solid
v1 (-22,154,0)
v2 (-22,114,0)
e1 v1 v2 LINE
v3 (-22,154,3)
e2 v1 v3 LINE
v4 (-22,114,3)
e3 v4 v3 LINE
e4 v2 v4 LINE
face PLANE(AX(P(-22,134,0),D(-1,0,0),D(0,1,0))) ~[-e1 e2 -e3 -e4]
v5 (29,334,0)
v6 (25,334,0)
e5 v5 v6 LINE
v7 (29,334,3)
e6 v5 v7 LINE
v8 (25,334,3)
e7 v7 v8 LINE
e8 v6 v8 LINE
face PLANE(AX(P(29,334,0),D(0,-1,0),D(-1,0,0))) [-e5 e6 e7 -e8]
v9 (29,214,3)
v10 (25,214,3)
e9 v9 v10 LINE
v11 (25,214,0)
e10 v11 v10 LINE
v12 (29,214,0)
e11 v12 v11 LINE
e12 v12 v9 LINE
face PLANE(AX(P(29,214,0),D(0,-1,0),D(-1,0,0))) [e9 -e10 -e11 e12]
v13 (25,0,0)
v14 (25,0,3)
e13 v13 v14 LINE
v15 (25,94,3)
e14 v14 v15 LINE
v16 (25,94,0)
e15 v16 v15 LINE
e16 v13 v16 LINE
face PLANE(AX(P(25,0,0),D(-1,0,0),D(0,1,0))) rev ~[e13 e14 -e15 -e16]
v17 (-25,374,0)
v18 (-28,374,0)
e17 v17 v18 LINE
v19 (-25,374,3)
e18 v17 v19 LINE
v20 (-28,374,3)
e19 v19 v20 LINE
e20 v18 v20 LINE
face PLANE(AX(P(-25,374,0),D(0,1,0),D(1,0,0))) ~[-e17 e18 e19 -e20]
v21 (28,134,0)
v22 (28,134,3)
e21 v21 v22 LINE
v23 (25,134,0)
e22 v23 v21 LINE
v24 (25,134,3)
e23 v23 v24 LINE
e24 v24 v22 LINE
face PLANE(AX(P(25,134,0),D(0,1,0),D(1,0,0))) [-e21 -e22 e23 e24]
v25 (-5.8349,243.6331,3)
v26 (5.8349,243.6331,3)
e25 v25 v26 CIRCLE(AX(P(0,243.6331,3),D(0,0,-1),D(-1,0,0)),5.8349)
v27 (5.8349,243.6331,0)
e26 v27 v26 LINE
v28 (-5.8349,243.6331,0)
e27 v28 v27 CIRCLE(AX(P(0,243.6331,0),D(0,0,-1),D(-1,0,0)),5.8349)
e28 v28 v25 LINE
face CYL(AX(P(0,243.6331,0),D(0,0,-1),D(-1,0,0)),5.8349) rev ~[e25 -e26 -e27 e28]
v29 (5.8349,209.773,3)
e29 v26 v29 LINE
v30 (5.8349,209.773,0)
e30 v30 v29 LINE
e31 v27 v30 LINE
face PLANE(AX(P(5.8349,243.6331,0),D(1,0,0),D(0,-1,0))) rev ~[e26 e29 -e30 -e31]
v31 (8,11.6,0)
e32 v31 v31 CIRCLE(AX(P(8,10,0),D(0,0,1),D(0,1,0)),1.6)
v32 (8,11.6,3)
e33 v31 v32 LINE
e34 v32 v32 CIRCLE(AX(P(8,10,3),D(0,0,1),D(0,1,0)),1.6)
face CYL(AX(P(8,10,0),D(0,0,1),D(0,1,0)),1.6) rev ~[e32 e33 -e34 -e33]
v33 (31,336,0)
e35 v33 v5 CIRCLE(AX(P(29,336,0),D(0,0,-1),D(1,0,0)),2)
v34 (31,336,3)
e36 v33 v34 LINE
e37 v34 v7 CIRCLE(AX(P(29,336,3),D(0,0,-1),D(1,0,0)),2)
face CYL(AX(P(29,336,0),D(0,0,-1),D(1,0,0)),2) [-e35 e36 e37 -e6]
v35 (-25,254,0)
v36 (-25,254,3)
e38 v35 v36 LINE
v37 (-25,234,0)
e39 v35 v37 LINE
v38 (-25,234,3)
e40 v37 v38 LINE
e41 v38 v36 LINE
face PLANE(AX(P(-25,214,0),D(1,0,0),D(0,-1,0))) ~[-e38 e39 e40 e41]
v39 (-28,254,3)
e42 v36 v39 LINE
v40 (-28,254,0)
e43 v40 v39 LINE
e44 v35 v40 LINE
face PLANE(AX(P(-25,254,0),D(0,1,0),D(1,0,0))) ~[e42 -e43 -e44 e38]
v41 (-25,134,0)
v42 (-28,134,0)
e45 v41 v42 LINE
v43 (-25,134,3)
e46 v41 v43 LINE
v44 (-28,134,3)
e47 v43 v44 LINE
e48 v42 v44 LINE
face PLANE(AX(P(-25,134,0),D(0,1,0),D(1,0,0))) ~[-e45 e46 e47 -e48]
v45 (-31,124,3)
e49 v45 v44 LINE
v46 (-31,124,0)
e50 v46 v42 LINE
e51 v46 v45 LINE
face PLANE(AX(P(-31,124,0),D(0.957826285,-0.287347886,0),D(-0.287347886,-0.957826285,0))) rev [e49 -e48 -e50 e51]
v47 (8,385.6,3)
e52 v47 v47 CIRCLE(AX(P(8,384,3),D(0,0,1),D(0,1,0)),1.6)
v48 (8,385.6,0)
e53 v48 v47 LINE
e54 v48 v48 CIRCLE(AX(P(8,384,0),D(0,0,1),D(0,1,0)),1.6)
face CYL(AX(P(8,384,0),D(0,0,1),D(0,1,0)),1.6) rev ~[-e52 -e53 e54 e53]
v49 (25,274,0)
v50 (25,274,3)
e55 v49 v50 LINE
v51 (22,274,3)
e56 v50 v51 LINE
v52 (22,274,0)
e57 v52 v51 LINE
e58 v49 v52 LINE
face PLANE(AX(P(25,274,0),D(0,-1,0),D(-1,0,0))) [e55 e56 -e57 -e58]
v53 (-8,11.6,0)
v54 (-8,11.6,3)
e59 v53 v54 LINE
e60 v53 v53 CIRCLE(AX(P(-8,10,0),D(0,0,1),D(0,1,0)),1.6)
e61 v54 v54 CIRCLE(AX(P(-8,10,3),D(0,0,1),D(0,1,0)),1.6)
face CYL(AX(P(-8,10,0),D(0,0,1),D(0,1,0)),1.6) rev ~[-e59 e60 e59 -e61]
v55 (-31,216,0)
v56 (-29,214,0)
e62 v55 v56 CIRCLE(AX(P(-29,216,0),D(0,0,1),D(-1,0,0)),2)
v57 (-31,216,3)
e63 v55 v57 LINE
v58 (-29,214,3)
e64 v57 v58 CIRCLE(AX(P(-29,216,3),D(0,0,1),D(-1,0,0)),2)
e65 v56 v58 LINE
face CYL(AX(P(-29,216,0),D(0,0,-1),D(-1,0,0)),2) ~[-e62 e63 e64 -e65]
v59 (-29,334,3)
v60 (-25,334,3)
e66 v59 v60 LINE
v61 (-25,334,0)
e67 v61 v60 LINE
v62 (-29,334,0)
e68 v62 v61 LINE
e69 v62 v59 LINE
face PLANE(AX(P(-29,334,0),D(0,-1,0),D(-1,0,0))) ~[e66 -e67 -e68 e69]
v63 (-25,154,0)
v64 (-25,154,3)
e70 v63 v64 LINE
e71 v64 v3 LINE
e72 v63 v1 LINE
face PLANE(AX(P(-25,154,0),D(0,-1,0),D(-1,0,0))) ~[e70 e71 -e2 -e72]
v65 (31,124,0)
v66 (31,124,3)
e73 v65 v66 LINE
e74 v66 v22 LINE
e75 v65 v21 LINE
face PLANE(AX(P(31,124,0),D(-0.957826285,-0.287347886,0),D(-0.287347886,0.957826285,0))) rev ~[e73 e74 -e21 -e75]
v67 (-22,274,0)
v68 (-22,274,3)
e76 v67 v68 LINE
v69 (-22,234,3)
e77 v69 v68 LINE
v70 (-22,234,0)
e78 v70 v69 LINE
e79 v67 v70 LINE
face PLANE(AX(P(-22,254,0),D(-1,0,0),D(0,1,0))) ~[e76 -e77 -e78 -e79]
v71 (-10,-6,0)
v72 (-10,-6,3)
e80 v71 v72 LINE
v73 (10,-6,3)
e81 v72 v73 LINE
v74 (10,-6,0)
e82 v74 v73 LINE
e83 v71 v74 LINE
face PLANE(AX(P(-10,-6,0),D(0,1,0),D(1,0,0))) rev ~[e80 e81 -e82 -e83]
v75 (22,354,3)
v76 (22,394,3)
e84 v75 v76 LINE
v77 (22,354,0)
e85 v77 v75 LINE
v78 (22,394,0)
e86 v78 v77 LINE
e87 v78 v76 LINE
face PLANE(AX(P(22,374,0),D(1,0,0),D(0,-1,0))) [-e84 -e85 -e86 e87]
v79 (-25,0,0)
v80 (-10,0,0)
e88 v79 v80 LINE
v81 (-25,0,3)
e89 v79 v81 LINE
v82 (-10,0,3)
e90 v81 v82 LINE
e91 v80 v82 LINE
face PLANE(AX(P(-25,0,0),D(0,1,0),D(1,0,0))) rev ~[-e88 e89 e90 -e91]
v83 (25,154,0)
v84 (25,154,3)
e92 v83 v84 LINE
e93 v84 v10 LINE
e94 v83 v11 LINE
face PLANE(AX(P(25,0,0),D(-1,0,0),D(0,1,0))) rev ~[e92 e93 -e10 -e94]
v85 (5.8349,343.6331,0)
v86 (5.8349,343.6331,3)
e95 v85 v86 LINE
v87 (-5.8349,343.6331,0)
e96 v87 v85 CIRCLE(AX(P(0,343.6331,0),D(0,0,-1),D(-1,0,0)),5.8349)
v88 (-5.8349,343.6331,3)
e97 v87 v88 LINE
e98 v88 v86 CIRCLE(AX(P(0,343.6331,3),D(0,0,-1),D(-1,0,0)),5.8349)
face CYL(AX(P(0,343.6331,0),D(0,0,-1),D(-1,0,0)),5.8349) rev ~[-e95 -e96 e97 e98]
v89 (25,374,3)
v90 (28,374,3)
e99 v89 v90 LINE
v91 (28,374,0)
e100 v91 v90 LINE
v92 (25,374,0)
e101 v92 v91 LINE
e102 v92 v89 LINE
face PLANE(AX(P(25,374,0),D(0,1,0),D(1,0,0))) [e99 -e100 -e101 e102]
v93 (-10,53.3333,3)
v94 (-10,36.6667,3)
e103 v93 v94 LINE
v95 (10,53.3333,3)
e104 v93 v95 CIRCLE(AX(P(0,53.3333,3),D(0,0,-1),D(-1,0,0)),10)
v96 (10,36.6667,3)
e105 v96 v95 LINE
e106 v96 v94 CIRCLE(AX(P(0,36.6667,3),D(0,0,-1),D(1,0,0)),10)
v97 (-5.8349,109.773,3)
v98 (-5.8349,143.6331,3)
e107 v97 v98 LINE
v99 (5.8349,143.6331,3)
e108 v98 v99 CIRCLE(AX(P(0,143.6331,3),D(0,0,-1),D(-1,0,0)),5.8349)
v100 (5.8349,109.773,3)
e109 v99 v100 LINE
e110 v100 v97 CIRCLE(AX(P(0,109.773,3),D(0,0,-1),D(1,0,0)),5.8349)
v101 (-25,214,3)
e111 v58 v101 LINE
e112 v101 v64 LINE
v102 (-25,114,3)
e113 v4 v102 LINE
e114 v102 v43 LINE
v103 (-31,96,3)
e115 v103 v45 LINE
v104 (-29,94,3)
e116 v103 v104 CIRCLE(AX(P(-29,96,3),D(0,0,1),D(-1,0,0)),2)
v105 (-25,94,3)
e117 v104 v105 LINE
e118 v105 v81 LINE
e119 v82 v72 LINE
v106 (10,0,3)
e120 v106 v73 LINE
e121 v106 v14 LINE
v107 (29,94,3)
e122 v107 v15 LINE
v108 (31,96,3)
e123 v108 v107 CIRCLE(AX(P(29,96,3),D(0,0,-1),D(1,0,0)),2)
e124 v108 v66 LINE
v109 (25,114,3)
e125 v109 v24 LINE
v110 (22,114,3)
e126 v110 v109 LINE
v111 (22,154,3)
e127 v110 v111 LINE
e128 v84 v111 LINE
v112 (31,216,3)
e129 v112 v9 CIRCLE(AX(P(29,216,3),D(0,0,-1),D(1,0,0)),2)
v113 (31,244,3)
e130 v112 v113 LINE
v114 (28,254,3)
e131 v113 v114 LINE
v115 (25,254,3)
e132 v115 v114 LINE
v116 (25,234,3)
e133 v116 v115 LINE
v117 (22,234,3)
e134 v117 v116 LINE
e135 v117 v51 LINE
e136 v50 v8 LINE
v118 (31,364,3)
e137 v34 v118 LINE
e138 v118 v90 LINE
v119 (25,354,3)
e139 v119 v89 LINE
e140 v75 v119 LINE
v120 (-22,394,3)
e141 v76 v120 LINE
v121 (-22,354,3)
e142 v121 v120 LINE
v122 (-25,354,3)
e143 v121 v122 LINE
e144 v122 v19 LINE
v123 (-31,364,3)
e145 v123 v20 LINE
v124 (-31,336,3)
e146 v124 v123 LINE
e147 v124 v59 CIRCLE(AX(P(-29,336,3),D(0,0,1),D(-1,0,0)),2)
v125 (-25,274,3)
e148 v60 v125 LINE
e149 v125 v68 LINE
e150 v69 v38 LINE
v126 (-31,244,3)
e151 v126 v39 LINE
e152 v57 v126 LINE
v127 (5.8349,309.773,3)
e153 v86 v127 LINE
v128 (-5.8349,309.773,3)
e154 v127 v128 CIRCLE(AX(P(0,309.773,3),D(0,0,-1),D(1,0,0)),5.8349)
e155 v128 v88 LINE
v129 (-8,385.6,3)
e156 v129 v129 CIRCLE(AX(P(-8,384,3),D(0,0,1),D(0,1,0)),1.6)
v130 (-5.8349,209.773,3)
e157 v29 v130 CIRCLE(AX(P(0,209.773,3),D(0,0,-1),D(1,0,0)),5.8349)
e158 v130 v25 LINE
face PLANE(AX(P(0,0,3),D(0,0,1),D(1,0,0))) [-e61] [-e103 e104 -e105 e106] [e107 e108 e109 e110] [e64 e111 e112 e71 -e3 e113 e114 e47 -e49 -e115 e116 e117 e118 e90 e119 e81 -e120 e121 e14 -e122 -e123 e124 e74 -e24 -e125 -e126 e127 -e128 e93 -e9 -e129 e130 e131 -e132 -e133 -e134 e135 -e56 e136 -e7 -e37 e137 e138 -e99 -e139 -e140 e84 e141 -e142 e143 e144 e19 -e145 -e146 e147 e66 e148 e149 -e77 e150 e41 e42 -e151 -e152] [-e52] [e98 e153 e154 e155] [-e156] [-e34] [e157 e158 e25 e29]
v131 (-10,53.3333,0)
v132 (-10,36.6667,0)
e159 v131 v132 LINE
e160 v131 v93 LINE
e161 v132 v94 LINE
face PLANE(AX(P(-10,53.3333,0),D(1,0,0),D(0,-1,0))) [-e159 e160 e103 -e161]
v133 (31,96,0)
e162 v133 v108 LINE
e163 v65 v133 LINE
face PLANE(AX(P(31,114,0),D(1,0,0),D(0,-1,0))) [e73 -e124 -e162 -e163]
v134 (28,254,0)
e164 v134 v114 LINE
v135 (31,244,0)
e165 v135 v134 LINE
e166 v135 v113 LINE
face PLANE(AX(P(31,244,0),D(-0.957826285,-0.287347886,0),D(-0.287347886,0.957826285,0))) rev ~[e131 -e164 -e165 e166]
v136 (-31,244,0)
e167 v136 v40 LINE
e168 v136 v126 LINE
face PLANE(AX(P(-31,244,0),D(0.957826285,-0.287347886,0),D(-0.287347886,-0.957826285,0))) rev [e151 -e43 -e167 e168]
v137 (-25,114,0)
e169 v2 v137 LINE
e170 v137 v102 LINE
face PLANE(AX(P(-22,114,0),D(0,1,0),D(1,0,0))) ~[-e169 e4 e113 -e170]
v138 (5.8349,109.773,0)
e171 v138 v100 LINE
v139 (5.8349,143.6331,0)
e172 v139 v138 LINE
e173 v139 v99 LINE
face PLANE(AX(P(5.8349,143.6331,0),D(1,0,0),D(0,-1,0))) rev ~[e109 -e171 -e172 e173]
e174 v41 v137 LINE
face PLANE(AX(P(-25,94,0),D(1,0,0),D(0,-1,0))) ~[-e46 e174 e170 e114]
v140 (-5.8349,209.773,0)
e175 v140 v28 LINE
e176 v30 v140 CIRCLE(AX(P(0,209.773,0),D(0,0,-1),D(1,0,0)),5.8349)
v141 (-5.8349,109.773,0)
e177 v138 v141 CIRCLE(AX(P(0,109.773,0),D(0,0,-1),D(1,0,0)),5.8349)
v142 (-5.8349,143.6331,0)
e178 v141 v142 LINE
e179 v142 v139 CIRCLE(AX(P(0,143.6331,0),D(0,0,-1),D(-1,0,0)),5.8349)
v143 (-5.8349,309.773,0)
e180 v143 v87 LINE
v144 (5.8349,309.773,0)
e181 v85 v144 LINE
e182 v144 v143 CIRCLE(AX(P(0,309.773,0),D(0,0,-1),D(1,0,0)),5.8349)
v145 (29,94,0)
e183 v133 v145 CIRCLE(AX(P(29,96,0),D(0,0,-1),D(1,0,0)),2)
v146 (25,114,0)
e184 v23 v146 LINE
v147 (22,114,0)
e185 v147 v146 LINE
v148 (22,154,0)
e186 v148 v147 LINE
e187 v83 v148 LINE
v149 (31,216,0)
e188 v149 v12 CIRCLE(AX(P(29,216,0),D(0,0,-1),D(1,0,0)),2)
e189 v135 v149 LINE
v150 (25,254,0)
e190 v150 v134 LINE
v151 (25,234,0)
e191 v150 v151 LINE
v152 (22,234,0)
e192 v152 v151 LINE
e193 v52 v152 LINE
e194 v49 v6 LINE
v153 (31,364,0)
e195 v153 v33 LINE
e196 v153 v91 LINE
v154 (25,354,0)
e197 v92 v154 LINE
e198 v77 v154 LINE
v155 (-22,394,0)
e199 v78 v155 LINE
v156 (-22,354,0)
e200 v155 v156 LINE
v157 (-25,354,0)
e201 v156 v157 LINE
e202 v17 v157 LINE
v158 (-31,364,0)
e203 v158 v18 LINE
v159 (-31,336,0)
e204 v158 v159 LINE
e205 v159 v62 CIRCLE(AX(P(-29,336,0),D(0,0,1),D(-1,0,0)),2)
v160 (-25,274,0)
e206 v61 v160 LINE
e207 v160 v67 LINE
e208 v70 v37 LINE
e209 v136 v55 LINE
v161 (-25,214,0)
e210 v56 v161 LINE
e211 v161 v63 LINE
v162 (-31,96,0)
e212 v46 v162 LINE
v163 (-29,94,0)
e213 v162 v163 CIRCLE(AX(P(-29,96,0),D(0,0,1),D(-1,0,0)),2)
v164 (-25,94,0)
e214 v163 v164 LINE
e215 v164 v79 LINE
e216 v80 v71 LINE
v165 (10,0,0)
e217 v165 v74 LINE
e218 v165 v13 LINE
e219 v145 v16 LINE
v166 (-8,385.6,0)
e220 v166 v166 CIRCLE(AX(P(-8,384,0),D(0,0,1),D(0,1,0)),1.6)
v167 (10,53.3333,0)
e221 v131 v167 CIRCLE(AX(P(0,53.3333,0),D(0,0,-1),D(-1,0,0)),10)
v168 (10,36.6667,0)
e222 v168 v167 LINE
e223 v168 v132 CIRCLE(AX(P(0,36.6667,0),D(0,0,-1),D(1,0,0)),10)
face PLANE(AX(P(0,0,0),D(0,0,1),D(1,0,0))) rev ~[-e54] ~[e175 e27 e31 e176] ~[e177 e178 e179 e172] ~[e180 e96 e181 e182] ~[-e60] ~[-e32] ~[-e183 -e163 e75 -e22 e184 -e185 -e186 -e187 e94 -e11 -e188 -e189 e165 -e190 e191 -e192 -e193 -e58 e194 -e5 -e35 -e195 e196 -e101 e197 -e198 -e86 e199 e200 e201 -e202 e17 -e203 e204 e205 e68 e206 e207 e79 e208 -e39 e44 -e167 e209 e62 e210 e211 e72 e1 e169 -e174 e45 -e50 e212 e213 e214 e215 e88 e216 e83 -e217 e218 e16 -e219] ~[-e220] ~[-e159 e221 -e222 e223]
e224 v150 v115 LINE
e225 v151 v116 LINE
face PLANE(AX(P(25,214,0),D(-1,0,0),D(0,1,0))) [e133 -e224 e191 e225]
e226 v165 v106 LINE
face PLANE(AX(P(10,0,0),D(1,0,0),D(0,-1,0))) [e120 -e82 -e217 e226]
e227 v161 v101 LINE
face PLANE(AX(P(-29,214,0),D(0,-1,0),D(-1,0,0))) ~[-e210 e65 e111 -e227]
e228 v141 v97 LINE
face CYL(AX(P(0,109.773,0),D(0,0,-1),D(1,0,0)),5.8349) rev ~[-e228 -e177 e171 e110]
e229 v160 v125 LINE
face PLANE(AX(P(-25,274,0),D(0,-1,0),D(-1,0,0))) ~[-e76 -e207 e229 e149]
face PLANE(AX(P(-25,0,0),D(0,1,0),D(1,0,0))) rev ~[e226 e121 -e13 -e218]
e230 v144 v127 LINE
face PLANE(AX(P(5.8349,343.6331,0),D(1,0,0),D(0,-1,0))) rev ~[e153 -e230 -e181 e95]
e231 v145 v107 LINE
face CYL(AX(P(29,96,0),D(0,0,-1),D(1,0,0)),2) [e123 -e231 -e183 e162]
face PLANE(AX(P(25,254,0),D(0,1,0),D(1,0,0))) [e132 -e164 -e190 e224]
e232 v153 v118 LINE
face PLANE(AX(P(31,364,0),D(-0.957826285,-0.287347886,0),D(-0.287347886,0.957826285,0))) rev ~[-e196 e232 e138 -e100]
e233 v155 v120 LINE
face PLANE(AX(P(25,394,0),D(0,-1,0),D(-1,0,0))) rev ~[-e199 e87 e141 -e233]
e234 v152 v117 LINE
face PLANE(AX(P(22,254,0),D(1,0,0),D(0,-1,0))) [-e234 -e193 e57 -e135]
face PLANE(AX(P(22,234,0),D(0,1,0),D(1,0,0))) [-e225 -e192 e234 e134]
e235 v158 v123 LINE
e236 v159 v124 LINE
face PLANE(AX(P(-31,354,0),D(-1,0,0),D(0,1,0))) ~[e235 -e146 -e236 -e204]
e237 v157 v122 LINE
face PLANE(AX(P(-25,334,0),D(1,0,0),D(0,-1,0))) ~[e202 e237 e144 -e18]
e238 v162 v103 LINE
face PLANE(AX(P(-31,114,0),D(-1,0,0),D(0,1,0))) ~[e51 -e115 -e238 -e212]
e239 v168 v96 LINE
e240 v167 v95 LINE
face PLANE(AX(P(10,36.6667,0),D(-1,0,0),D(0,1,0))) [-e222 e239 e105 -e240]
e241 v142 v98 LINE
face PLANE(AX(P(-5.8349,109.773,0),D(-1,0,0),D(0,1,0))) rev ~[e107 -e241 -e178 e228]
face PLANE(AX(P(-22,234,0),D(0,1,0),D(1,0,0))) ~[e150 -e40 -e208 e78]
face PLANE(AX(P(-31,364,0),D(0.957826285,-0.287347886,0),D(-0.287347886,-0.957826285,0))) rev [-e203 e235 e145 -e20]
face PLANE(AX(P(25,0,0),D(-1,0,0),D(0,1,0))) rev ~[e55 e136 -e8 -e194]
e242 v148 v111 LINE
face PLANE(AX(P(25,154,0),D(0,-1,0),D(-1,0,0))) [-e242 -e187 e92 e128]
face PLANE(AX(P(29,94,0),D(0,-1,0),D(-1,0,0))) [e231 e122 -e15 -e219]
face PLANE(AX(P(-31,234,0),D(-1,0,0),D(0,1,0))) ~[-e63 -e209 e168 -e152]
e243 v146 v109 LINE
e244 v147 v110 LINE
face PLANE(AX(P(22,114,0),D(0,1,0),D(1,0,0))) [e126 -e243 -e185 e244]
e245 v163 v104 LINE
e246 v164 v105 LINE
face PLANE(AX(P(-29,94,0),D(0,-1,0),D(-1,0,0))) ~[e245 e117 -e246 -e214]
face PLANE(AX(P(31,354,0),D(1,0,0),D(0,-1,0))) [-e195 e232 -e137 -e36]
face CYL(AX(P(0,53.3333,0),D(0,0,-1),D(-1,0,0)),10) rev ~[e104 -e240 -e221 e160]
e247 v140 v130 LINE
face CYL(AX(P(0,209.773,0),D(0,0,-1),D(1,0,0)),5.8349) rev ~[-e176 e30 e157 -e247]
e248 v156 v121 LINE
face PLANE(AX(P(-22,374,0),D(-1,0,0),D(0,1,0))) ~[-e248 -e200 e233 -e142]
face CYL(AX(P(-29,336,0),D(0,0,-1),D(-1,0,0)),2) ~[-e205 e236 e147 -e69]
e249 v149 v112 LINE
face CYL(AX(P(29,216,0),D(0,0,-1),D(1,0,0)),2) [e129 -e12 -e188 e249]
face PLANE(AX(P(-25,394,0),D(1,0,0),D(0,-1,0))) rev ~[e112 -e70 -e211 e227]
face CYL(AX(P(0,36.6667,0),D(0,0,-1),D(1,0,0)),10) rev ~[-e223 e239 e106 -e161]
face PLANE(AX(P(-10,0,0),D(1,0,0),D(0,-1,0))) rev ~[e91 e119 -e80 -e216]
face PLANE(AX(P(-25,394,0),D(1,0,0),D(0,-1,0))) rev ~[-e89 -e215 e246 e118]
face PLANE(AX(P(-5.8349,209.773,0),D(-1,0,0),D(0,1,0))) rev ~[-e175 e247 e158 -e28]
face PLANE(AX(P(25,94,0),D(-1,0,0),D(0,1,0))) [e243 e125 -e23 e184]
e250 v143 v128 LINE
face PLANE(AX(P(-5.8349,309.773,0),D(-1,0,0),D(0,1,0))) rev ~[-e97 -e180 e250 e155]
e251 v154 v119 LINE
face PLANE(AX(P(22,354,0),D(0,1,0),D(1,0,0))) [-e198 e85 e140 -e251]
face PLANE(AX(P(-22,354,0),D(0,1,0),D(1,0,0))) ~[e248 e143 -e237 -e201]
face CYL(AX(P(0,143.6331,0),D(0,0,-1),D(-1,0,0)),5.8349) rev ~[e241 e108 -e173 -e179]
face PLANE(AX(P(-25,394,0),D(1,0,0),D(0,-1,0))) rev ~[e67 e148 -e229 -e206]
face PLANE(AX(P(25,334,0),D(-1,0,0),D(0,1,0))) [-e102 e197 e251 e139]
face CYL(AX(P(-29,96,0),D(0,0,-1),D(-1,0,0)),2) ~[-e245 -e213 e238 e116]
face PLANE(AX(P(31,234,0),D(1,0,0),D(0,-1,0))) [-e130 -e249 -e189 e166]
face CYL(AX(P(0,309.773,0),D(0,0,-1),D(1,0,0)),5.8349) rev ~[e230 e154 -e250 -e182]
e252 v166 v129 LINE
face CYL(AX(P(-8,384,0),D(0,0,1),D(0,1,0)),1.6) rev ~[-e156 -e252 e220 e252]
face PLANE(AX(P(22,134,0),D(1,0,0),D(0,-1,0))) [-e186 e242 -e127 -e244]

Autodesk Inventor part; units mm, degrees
ref_plane "YZ Plane" through (0, 0, 0) normal (1, 0, 0) x (0, 1, 0)
ref_plane "XZ Plane" through (0, 0, 0) normal (0, 1, 0) x (-1, 0, 0)
ref_plane "XY Plane" through (0, 0, 0) normal (0, 0, 1) x (1, 0, 0)
sketch "Sketch1" plane through (0, 0, 0) normal (0, 0, 1) x (1, 0, 0)
  line L0 (-25, 0) -> (25, 0)
  line L1 (25, 0) -> (25, 394)
  line L2 (25, 394) -> (-25, 394)
  line L3 (-25, 394) -> (-25, 0)
  point P0 (0, 0)
  point P1 (0, 0)
  dimension "d0" = 394
  dimension "d1" = 50
extrude "Extrusion1" add sketch "Sketch1" along normal blind 3
sketch "Sketch2" plane through (0, 0, 0) normal (0, 0, -1) x (-1, 0, 0)
  line L0 (-22, 334) -> (-25, 334)
  line L1 (-22, 374) -> (-25, 374)
  line L2 (-22, 374) -> (-22, 354)
  line L3 (-25, 334) -> (-25, 354)
  line L4 (-25, 0) -> (-25, 394) projected
  line L5 (-22, 354) -> (-25, 354)
  line L6 (-25, 0) -> (-25, 394) projected
  line L7 (-25, 394) -> (25, 394) projected
  line L8 (-25, 354) -> (-25, 374)
  line L9 (-22, 354) -> (-22, 334)
  line L10 (-22, 374) -> (-25, 374)
  line L11 (-25, 374) -> (-25, 394)
  line L12 (-25, 394) -> (-22, 394)
  line L13 (-22, 394) -> (-22, 374)
  point P0 (0, 0)
  dimension "d4" = 20
  dimension "d10" = 20
  dimension "d55" = 60
  dimension "d56" = 20
extrude "Extrusion2" cut sketch "Sketch2" against normal blind 3 contours L5 L4 L1 L2 | L1 L4 L7 L13
sketch "Sketch3" plane through (0, 0, 0) normal (0, 0, -1) x (-1, 0, 0)
  line L0 (-25, 0) -> (-25, 354) projected
  line L1 (-25, 354) -> (-31, 354)
  line L2 (-31, 354) -> (-31, 336)
  line L3 (-29, 334) -> (-25, 334)
  line L4 (-25, 334) -> (-25, 354)
  line L5 (-31, 354) -> (-25, 354)
  line L6 (-25, 354) -> (-25, 374)
  line L7 (-25, 374) -> (-28, 374)
  line L8 (-31, 364) -> (-31, 354)
  line L9 (-31, 364) -> (-28, 374)
  line L10 (-28, 374) -> (-31, 374) construction
  arc A0 (-31, 336) -> (-29, 334) centre (-29, 336) ccw
  point P0 (0, 0)
  point P1 (-31, 334)
  dimension "d11" = 20
  dimension "d12" = 20
  dimension "d13" = 6
  dimension "d16" = 2
extrude "Extrusion3" add sketch "Sketch3" against normal blind 3
pattern_linear "Rectangular Pattern1" count 3 spacing 120 along (0, -1, 0) of "Extrusion2", "Extrusion3"
mirror "Mirror1" about plane through (0, 0, 0) normal (1, 0, 0) of "Extrusion2", "Rectangular Pattern1", "Extrusion3"
sketch "Sketch4" plane through (0, 0, 0) normal (0, 0, -1) x (-1, 0, 0)
  line L0 (-22, 384) -> (18.49, 384) construction
  line L1 (-22, 394) -> (22, 394) projected
  line L2 (-22, 394) -> (-22, 354) projected
  point P0 (0, 0)
  point P1 (-8, 384)
  point P2 (8, 384)
  dimension "d17" = 16
  dimension "d52" = 10
  dimension "d53" = 14
hole "Hole1" at (8, 384, 0) at (-8, 384, 0) direction (0, 0, 1) diameter 3.2 end through all
sketch "Sketch5" plane through (0, 0, 0) normal (0, 0, -1) x (-1, 0, 0)
  line L0 (-10, 0) -> (10, 0)
  line L1 (-10, 0) -> (-10, -6)
  line L2 (10, -6) -> (-10, -6)
  line L3 (10, 0) -> (10, -6)
  line L4 (25, 94) -> (25, 0) projected
  point P0 (0, 0)
  dimension "d48" = 6
  dimension "d50" = 20
  dimension "d51" = 15
extrude "Extrusion4" add sketch "Sketch5" against normal blind 3
sketch "Sketch6" plane through (0, 0, 0) normal (0, 0, -1) x (-1, 0, 0)
  line L0 (0, 36.6667) -> (0, 53.3333) construction
  line L1 (-10, 36.6667) -> (-10, 53.3333)
  line L2 (10, 53.3333) -> (10, 36.6667)
  arc A0 (-10, 36.6667) -> (10, 36.6667) centre (0, 36.6667) ccw
  arc A1 (10, 53.3333) -> (-10, 53.3333) centre (0, 53.3333) ccw
  line L3 (0, 343.6331) -> (0, 309.773) construction
  line L4 (-5.8349, 343.6331) -> (-5.8349, 309.773)
  line L5 (5.8349, 309.773) -> (5.8349, 343.6331)
  arc A2 (5.8349, 343.6331) -> (-5.8349, 343.6331) centre (0, 343.6331) ccw
  arc A3 (-5.8349, 309.773) -> (5.8349, 309.773) centre (0, 309.773) ccw
  line L6 (0, 243.6331) -> (0, 209.773) construction
  line L7 (-5.8349, 243.6331) -> (-5.8349, 209.773)
  line L8 (5.8349, 209.773) -> (5.8349, 243.6331)
  arc A4 (5.8349, 243.6331) -> (-5.8349, 243.6331) centre (0, 243.6331) ccw
  arc A5 (-5.8349, 209.773) -> (5.8349, 209.773) centre (0, 209.773) ccw
  line L9 (0, 143.6331) -> (0, 109.773) construction
  line L10 (-5.8349, 143.6331) -> (-5.8349, 109.773)
  line L11 (5.8349, 109.773) -> (5.8349, 143.6331)
  arc A6 (5.8349, 143.6331) -> (-5.8349, 143.6331) centre (0, 143.6331) ccw
  arc A7 (-5.8349, 109.773) -> (5.8349, 109.773) centre (0, 109.773) ccw
  point P0 (0, 0)
  point P1 (0, 45)
  point P2 (0, 326.7031)
  point P3 (0, 226.7031)
  point P4 (0, 126.7031)
  dimension "d28" = 10
  dimension "d29" = 45
  dimension "d43" = 100
extrude "Extrusion5" cut sketch "Sketch6" against normal blind 3
sketch "Sketch7" plane through (0, 0, 0) normal (0, 0, -1) x (-1, 0, 0)
  line L0 (-22, 10) -> (26.4852, 10) construction
  line L1 (-25, 0) -> (-25, 94) projected
  line L2 (-10, 0) -> (-25, 0) projected
  point P0 (0, 0)
  point P1 (-8, 10)
  point P2 (8, 10)
  dimension "d32" = 16
  dimension "d33" = 17
  dimension "d54" = 10
hole "Hole2" at (8, 10, 0) at (-8, 10, 0) direction (0, 0, 1) diameter 3.2 end through all
properties part number "Camera mounting back"
